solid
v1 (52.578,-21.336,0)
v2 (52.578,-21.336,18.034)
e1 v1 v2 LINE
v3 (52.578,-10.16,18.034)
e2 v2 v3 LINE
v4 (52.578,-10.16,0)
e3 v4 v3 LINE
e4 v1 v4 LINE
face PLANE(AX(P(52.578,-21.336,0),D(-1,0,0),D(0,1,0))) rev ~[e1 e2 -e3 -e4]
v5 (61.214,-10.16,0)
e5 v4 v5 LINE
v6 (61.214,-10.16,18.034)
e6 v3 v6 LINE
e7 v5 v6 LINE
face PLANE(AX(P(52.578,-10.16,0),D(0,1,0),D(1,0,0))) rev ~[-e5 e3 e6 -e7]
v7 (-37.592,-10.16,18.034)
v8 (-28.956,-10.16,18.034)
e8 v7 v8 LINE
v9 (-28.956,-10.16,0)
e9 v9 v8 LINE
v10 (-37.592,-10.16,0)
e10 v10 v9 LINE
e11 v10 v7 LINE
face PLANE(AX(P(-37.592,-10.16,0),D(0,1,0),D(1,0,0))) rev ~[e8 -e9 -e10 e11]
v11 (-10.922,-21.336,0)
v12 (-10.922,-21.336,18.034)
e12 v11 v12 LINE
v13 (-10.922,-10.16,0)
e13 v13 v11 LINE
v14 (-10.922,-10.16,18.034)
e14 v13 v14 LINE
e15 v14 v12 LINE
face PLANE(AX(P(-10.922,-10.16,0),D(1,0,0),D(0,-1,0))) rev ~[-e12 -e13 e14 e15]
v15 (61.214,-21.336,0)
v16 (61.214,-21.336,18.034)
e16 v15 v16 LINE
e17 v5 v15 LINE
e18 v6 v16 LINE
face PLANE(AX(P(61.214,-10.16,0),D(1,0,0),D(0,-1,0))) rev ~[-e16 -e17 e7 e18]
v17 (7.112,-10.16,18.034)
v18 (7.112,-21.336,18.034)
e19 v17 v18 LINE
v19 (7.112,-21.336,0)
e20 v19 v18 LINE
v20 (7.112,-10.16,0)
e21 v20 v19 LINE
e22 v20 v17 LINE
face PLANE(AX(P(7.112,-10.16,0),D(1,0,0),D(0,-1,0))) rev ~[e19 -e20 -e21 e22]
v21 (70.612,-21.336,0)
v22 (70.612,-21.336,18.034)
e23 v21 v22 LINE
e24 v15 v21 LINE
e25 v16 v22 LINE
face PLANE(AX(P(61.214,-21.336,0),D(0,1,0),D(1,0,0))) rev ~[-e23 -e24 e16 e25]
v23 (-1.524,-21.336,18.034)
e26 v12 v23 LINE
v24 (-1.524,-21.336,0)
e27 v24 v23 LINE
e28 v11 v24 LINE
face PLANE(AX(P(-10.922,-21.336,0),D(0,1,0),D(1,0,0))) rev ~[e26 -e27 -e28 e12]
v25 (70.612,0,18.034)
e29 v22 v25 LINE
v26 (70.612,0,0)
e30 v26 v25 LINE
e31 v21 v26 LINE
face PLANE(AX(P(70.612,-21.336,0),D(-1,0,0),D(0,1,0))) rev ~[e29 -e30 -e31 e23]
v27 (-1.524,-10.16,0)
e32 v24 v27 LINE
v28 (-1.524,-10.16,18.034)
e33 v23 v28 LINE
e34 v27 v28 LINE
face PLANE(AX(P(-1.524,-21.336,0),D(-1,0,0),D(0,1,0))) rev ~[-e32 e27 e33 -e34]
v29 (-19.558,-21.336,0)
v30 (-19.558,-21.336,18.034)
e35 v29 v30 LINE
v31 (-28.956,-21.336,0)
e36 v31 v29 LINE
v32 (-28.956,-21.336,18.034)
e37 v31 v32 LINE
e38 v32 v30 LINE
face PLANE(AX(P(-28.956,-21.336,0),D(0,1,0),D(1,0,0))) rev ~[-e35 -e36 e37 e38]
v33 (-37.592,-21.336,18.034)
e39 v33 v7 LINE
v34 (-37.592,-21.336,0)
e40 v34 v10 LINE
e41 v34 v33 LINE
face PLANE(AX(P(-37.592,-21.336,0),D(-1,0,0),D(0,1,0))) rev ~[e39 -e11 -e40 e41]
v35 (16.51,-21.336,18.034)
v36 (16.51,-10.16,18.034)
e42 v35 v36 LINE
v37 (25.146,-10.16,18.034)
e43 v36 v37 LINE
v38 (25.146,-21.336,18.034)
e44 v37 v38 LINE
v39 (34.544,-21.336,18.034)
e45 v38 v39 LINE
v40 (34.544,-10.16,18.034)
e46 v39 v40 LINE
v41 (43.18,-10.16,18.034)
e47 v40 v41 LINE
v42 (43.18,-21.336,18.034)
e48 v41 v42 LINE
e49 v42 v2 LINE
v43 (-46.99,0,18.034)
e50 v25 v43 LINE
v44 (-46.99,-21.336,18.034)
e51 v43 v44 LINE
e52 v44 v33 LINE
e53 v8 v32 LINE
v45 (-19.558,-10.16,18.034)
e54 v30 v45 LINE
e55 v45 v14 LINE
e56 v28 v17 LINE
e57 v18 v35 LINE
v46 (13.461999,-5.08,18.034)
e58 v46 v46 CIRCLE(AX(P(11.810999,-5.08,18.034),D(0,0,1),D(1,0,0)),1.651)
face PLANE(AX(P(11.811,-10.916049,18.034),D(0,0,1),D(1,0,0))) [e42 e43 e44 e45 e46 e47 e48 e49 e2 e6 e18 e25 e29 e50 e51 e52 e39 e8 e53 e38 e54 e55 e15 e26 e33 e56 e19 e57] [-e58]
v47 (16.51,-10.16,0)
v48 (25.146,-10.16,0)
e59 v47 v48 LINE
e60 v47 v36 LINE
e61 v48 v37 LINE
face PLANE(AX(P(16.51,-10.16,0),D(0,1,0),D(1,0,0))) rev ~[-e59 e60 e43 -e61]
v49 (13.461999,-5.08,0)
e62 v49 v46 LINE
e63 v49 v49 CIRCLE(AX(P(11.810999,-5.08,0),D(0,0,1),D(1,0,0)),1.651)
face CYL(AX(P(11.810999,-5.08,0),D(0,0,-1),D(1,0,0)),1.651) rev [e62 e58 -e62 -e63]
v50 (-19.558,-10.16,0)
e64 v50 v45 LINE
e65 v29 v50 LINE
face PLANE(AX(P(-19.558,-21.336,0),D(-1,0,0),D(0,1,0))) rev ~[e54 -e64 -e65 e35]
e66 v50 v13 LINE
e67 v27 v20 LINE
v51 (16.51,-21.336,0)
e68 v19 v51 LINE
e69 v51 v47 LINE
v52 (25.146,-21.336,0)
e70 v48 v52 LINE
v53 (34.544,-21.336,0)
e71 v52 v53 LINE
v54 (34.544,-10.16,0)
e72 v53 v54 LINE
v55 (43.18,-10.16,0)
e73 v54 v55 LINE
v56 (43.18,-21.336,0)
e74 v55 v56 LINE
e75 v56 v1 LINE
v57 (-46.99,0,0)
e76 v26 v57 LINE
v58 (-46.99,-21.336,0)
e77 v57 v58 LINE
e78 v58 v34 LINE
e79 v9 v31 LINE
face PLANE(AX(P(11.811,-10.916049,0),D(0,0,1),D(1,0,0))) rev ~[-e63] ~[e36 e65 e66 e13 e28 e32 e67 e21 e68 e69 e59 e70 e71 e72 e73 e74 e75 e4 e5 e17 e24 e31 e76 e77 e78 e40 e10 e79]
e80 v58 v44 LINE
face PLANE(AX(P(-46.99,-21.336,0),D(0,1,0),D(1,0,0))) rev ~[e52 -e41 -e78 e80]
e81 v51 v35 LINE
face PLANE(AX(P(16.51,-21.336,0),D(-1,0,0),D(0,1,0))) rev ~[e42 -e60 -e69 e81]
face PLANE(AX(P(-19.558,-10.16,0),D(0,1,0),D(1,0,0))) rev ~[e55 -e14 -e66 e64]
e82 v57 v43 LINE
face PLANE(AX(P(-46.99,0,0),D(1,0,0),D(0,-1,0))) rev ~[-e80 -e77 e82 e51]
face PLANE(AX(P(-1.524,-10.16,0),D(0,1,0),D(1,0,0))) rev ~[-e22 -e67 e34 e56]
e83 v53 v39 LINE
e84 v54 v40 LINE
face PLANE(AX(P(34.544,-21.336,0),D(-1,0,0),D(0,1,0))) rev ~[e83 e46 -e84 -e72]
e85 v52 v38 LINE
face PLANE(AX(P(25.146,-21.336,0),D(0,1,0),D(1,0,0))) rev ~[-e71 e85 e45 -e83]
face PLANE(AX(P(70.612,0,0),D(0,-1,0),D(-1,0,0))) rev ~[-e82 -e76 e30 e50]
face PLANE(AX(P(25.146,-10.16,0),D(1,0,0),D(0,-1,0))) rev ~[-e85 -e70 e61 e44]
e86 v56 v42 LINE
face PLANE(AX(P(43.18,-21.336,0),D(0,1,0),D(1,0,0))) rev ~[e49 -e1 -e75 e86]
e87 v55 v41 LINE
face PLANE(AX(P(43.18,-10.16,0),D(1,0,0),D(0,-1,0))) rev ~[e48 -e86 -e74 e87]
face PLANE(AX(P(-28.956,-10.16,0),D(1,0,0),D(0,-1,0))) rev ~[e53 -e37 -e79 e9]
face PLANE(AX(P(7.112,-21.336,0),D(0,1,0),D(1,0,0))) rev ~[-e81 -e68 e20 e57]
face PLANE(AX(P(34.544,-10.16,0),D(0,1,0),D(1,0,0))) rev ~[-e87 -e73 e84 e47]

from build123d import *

# Parameters (mm, degrees)
F0_R     = 1.651
F1_DEPTH = 18.034


with BuildPart() as f1:
    # F0 (on Top) → F1 (new body)
    with BuildSketch(Plane.XY):
        Polygon((70.612, 0), (-46.99, 0), (-46.99, -21.336), (-37.592, -21.336), (-37.592, -10.16), (-28.956, -10.16), (-28.956, -21.336), (-19.558, -21.336), (-19.558, -10.16), (-10.922, -10.16), (-10.922, -21.336), (-1.524, -21.336), (-1.524, -10.16), (7.112, -10.16), (7.112, -21.336), (16.51, -21.336), (16.51, -10.16), (25.146, -10.16), (25.146, -21.336), (34.544, -21.336), (34.544, -10.16), (43.18, -10.16), (43.18, -21.336), (52.578, -21.336), (52.578, -10.16), (61.214, -10.16), (61.214, -21.336), (70.612, -21.336), align=None)
        with Locations((11.810999, -5.08)):
            Circle(F0_R, mode=Mode.SUBTRACT)
    extrude(amount=F1_DEPTH)


solid = f1.part
